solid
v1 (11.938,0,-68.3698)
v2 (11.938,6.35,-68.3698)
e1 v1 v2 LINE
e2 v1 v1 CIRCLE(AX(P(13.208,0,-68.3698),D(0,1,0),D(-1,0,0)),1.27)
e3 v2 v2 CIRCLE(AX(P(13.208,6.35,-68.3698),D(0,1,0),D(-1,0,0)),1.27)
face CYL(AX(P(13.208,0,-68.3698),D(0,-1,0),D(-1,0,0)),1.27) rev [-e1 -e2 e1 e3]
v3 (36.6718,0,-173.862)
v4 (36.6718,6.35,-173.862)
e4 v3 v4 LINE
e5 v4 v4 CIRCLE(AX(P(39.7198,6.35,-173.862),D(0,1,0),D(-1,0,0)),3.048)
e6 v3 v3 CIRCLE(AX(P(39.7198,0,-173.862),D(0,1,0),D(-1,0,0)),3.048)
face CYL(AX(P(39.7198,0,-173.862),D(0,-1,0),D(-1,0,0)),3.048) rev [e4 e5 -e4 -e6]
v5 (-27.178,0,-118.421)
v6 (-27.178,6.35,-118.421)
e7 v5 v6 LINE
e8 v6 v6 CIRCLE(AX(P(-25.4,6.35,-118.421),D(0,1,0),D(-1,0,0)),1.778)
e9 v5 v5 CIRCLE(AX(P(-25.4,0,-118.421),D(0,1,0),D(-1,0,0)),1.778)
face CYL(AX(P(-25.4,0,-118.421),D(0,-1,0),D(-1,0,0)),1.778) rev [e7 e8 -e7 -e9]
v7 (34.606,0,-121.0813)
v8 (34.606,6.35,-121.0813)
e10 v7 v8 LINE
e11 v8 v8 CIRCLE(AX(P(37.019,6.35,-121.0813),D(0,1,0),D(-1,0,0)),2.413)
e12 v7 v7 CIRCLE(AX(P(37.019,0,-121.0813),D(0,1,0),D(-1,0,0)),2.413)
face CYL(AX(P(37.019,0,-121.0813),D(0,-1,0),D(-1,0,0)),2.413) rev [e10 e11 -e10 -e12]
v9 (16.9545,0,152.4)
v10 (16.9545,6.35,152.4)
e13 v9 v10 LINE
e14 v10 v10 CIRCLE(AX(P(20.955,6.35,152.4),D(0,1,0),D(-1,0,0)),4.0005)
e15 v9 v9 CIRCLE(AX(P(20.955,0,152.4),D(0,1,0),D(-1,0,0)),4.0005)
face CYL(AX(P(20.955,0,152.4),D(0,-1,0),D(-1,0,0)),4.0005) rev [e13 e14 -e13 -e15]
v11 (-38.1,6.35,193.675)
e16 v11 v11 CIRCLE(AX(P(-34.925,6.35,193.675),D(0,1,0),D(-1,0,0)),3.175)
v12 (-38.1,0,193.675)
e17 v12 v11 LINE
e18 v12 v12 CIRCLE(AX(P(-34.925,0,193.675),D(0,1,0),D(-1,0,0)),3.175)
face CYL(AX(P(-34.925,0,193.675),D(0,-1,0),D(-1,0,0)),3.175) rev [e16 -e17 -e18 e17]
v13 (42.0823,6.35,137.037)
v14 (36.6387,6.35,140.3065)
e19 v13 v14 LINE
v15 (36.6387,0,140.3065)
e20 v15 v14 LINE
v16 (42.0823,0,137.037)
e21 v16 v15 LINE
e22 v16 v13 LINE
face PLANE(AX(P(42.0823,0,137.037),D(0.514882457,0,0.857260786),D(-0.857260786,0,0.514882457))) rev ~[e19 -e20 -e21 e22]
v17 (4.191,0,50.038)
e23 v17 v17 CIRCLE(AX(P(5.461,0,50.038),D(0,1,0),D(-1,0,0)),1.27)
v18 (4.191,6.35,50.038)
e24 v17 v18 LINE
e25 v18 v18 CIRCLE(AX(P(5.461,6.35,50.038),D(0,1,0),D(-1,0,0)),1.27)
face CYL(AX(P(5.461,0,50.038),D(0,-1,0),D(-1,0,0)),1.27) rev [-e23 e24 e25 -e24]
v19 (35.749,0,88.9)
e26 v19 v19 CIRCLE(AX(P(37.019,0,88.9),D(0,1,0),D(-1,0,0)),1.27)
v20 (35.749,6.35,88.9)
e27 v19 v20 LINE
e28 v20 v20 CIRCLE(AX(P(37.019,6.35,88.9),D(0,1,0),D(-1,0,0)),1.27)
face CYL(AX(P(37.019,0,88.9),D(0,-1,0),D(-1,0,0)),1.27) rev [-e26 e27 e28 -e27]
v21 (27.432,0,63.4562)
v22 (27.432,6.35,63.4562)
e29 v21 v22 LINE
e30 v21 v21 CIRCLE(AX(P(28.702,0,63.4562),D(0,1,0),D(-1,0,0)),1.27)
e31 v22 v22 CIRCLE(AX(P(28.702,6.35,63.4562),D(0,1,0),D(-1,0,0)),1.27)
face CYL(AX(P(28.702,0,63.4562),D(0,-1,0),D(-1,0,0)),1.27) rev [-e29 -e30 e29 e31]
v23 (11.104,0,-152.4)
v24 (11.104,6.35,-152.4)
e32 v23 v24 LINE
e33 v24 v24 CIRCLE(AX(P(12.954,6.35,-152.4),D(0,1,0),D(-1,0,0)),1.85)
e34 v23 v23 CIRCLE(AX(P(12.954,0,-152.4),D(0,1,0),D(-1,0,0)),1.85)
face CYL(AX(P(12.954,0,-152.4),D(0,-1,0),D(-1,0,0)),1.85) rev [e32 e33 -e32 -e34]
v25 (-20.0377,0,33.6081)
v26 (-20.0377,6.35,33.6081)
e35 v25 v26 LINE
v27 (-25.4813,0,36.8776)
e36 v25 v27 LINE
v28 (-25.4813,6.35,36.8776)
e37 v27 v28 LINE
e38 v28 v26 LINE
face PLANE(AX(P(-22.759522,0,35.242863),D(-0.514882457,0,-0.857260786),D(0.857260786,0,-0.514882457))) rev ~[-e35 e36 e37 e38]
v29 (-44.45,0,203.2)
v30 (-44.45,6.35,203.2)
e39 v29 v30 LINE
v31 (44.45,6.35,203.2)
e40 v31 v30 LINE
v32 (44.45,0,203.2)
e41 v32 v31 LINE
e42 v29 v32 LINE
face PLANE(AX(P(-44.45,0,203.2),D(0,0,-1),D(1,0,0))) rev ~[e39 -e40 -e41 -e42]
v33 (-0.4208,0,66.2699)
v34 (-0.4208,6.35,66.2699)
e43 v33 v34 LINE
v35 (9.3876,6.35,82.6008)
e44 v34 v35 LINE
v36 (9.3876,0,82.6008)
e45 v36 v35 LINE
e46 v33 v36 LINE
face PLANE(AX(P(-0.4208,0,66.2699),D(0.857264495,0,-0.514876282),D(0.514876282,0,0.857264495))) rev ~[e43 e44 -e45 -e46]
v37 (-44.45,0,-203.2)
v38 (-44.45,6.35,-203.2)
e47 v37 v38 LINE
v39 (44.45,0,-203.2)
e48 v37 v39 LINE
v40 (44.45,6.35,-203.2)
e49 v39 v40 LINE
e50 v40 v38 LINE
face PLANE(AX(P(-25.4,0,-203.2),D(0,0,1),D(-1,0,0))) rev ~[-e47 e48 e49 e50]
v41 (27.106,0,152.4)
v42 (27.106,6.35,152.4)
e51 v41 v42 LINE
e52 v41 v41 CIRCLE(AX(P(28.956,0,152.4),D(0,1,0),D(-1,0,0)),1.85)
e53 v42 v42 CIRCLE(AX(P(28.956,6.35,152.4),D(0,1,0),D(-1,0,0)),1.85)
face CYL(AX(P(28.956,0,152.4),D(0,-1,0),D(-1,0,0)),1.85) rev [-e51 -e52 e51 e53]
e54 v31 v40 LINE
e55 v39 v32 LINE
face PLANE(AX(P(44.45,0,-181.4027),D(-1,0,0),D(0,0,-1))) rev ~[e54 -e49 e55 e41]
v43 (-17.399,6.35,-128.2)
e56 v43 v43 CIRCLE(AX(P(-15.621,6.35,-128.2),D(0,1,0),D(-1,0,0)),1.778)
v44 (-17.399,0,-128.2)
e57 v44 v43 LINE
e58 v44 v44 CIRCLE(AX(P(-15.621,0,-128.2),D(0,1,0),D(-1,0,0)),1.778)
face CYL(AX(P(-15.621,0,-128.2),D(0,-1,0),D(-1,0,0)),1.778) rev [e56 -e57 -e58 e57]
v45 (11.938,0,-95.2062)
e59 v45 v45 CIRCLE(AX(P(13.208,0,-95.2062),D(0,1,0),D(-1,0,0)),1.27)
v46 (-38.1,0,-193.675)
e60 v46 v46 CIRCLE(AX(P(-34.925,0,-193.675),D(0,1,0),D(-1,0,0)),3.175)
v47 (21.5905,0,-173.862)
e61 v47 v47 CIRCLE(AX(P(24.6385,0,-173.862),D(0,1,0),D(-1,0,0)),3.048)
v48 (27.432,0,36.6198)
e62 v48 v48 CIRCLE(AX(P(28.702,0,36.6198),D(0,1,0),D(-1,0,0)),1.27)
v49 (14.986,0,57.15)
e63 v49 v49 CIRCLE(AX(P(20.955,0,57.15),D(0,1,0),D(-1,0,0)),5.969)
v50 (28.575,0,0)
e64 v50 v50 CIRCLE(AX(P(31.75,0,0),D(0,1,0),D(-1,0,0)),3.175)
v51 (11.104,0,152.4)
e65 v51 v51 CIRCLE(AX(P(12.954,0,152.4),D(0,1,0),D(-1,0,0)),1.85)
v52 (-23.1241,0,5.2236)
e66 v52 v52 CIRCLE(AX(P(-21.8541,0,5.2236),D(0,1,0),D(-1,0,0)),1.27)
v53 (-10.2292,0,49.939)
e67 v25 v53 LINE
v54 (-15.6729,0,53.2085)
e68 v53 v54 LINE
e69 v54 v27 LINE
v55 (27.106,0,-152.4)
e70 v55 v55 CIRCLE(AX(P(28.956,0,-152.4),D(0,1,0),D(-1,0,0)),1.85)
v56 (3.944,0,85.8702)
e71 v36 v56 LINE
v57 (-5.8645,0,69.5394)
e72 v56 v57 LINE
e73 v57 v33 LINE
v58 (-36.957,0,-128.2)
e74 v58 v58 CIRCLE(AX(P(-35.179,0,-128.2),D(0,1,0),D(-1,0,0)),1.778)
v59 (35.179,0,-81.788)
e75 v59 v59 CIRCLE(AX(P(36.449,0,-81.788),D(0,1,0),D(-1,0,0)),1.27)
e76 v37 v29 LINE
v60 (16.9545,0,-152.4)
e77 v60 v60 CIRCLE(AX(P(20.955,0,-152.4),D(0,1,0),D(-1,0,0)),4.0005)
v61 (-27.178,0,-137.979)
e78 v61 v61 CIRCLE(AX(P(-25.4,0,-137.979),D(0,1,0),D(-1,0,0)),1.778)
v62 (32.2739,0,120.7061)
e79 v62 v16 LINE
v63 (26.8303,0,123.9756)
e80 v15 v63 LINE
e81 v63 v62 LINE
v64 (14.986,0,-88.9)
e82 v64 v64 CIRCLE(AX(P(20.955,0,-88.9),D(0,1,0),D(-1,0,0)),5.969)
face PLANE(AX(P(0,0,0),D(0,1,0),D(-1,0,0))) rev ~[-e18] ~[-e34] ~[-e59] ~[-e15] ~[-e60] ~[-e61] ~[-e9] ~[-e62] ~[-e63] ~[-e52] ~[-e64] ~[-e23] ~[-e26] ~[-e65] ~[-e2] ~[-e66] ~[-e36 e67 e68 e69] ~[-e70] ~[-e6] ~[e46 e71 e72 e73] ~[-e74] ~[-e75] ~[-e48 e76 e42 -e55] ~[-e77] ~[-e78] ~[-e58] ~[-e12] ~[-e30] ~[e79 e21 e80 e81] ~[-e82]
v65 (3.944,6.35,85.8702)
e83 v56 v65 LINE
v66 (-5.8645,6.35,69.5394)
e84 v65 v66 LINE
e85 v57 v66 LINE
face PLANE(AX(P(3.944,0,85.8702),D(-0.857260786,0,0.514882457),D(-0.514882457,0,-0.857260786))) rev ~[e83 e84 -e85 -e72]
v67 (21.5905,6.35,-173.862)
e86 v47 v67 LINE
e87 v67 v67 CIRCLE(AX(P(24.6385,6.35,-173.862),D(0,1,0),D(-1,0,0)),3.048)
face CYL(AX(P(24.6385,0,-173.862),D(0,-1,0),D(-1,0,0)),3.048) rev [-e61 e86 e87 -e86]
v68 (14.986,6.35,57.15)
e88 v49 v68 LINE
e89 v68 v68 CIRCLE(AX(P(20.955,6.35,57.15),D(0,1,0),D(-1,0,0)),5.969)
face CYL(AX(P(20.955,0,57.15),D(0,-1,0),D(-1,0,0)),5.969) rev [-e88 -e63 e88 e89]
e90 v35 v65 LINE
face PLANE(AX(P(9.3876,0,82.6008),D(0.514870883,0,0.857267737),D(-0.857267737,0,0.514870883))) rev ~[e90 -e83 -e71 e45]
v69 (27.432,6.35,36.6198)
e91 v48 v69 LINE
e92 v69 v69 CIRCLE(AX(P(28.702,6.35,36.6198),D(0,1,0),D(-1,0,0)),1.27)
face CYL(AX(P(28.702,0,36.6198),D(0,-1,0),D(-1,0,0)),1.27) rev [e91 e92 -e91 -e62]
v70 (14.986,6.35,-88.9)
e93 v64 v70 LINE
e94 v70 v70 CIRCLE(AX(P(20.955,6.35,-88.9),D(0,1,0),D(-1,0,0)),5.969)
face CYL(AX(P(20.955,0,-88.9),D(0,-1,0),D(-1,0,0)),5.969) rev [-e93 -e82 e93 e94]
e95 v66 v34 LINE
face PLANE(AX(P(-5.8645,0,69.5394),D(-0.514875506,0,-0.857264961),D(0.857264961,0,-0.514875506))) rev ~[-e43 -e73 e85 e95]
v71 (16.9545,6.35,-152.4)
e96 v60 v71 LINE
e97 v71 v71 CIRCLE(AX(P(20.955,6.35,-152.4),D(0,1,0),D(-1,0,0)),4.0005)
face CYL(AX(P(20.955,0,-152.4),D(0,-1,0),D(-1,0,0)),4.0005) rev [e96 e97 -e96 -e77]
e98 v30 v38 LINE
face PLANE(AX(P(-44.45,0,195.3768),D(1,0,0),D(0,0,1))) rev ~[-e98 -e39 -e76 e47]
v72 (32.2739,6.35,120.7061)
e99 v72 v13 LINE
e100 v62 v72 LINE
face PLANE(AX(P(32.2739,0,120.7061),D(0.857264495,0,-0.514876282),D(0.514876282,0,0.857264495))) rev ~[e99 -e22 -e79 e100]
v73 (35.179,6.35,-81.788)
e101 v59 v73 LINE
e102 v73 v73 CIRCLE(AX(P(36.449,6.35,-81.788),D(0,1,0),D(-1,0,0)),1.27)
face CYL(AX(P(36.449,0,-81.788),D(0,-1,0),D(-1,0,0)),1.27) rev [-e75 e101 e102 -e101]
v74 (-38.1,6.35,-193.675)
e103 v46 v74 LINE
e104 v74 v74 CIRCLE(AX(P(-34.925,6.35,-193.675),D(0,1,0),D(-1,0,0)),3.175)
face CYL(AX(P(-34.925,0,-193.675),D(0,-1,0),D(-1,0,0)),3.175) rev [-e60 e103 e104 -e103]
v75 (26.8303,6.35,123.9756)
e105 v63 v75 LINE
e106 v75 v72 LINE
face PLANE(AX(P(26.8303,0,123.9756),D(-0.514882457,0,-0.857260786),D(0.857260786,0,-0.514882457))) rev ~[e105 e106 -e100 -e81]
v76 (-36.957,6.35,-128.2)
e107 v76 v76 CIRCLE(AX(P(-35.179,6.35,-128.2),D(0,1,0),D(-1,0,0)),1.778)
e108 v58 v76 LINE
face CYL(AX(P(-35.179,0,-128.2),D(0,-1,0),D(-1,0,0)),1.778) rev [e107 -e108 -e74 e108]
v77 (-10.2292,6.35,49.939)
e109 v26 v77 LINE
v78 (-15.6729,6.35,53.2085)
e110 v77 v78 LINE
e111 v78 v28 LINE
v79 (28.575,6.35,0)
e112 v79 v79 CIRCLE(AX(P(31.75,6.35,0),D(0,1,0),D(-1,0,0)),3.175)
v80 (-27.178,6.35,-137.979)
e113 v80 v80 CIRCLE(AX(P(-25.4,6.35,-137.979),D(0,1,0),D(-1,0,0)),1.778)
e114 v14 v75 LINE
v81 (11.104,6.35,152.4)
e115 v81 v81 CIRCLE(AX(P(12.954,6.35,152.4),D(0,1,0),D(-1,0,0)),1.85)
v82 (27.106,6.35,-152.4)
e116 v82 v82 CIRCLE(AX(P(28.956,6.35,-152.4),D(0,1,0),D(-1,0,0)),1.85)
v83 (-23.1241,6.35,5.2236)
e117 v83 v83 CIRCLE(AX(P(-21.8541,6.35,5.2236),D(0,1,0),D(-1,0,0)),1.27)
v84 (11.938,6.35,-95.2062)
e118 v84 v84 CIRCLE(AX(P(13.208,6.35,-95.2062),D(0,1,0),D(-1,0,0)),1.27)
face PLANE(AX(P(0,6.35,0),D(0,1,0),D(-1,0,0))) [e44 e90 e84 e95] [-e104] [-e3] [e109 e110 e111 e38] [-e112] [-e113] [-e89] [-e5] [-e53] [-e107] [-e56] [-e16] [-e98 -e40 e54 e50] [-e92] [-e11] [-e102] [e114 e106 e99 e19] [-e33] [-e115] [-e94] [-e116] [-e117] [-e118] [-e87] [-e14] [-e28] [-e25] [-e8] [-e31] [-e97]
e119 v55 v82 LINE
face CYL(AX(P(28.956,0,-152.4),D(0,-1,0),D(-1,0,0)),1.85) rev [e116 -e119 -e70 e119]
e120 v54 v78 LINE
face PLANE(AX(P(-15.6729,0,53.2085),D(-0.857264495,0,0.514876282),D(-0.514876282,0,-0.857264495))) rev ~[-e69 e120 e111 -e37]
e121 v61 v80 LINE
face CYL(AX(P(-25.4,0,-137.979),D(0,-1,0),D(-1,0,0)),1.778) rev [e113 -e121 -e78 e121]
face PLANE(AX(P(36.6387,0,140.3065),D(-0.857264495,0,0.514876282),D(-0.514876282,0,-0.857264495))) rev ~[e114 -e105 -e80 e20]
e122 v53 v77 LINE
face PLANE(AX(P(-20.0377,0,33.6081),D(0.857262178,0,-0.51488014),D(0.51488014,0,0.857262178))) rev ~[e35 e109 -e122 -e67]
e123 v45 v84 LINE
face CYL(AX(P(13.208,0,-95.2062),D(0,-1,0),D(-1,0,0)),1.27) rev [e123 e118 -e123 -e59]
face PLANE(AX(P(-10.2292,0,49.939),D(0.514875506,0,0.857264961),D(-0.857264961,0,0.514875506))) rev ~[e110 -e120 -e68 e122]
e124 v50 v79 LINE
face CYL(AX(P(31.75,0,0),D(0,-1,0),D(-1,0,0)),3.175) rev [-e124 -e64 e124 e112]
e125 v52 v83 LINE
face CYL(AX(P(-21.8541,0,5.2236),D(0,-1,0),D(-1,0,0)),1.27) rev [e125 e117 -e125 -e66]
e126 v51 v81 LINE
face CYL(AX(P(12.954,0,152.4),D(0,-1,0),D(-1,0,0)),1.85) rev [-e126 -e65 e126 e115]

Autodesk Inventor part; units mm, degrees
ref_plane "YZ Plane" through (0, 0, 0) normal (1, 0, 0) x (0, 1, 0)
ref_plane "XZ Plane" through (0, 0, 0) normal (0, 1, 0) x (-1, 0, 0)
ref_plane "XY Plane" through (0, 0, 0) normal (0, 0, 1) x (1, 0, 0)
sketch "Sketch1" plane through (0, 0, 0) normal (0, 1, 0) x (-1, 0, 0)
  line L0 (44.45, 203.2) -> (-44.45, 203.2)
  line L1 (-44.45, 203.2) -> (-44.45, -203.2)
  line L2 (-44.45, -203.2) -> (44.45, -203.2)
  line L3 (44.45, -203.2) -> (44.45, 203.2)
  line L4 (44.45, 203.2) -> (-44.45, -203.2) construction
  line L5 (-44.45, 203.2) -> (-20.955, 203.2)
  line L6 (-20.955, 203.2) -> (-20.955, 88.9) construction
  line L7 (-44.45, 88.9) -> (-44.45, 203.2)
  line L8 (44.45, 203.2) -> (44.45, 111.6492)
  line L9 (44.45, 203.2) -> (44.45, 38.1)
  line L10 (44.45, 38.1) -> (22.225, 38.1) construction
  line L11 (0, 203.2) -> (-66.675, 203.2)
  line L12 (-66.675, 203.2) -> (-66.675, 88.9) construction
  line L13 (-66.675, 203.2) -> (-66.675, 209.55) construction
  line L14 (-20.955, 114.3) -> (-20.955, 152.4) construction
  circle A0 centre (-20.955, 152.4) radius 8.001 construction
  circle A1 centre (-20.955, 152.4) radius 4.0005
  circle A2 centre (-20.955, 160.401) radius 1.85
  line L15 (17.145, 152.4) -> (-20.955, 152.4) construction
  circle A3 centre (-28.956, 152.4) radius 1.85
  line L16 (-20.955, 190.5) -> (-20.955, 152.4) construction
  circle A4 centre (-20.955, 144.399) radius 1.85
  line L17 (-59.055, 152.4) -> (-20.955, 152.4) construction
  circle A5 centre (-12.954, 152.4) radius 1.85
  line L18 (44.45, 0) -> (-44.45, 0) construction
  line L19 (32.5679, 18.912) -> (22.7595, 35.2429)
  line L20 (22.7595, 35.2429) -> (17.8553, 43.4083) construction
  line L21 (15.6729, 53.2085) -> (25.4813, 36.8776)
  line L22 (25.4813, 36.8776) -> (20.0377, 33.6081)
  line L23 (20.0377, 33.6081) -> (10.2292, 49.939)
  line L24 (10.2292, 49.939) -> (15.6729, 53.2085)
  line L25 (15.6729, 53.2085) -> (20.0377, 33.6081) construction
  line L26 (25.4813, 36.8776) -> (10.2292, 49.939) construction
  circle A6 centre (-20.955, -152.4) radius 4.0005
  circle A7 centre (-28.956, -152.4) radius 1.85
  circle A8 centre (-12.954, -152.4) radius 1.85
  line L27 (-44.45, 88.9) -> (-44.45, 12.7)
  line L28 (44.45, 203.2) -> (34.925, 203.2)
  line L29 (34.925, 203.2) -> (34.925, 193.675) construction
  line L30 (34.925, 193.675) -> (44.45, 193.675) construction
  line L31 (44.45, 193.675) -> (44.45, 203.2)
  circle A9 centre (34.925, 193.675) radius 3.175
  circle A10 centre (-31.75, 0) radius 3.175
  circle A11 centre (34.925, -193.675) radius 3.175
  line L32 (-44.45, 0) -> (-19.455, 0) construction
  line L33 (-16.28, -76.0639) -> (-22.63, -76.0639) construction
  line L34 (44.45, -203.2) -> (25.4, -203.2)
  line L35 (25.4, -203.2) -> (25.4, -128.2) construction
  line L36 (25.4, -128.2) -> (44.45, -128.2) construction
  line L37 (44.45, -128.2) -> (44.45, -203.2)
  circle A12 centre (25.4, -128.2) radius 6.35 construction
  circle A13 centre (25.4, -128.2) radius 9.779 construction
  circle A14 centre (15.621, -128.2) radius 1.778
  circle A15 centre (25.4, -128.2) radius 6.35 construction
  circle A16 centre (25.4, -128.2) radius 9.779 construction
  line L38 (100.4, -128.2) -> (25.4, -128.2) construction
  line L39 (25.4, -128.2) -> (25.4, -109.15) construction
  circle A17 centre (25.4, -137.979) radius 1.778
  circle A18 centre (25.4, -128.2) radius 6.35 construction
  circle A19 centre (25.4, -128.2) radius 9.779 construction
  line L40 (25.4, -53.2) -> (25.4, -128.2) construction
  line L41 (25.4, -128.2) -> (6.35, -128.2) construction
  circle A20 centre (35.179, -128.2) radius 1.778
  circle A21 centre (25.4, -128.2) radius 6.35 construction
  circle A22 centre (25.4, -128.2) radius 9.779 construction
  line L42 (-49.6, -128.2) -> (25.4, -128.2) construction
  line L43 (25.4, -128.2) -> (25.4, -147.25) construction
  circle A23 centre (25.4, -118.421) radius 1.778
  line L44 (21.8541, 5.2236) -> (22.225, 38.1) construction
  line L45 (-66.675, 209.55) -> (-66.675, 184.15)
  circle A24 centre (21.8541, 5.2236) radius 1.27
  circle A25 centre (21.8541, 5.2236) radius 12.7 construction
  line L46 (-9.3876, 82.6008) -> (-3.944, 85.8702)
  line L47 (-3.944, 85.8702) -> (5.8645, 69.5394)
  line L48 (0.4208, 66.2699) -> (-9.3876, 82.6008)
  line L49 (5.8645, 69.5394) -> (0.4208, 66.2699)
  line L50 (-29.0044, 115.2625) -> (-23.5608, 118.532)
  line L51 (-23.5608, 118.532) -> (-13.7524, 102.2011)
  line L52 (-19.196, 98.9316) -> (-29.0044, 115.2625)
  line L53 (-13.7524, 102.2011) -> (-19.196, 98.9316)
  line L54 (-20.955, 152.4) -> (-20.955, 104.775) construction
  circle A26 centre (-20.955, 152.4) radius 31.75 construction
  line L55 (-20.955, 104.775) -> (-20.955, 57.15) construction
  circle A27 centre (-20.955, -152.4) radius 30.48 construction
  line L56 (5.8645, 69.5394) -> (-36.6387, 140.3065) construction
  line L57 (-36.6387, 140.3065) -> (-26.8303, 123.9756)
  line L58 (-26.8303, 123.9756) -> (-32.2739, 120.7061)
  line L59 (-32.2739, 120.7061) -> (-42.0823, 137.037)
  line L60 (-42.0823, 137.037) -> (-36.6387, 140.3065)
  line L61 (-44.45, -128.1042) -> (-44.45, 88.9)
  circle A28 centre (-37.019, 88.9) radius 1.27
  line L62 (44.45, 203.2) -> (39.7485, 203.2)
  line L63 (39.7485, 203.2) -> (39.7485, 140.2644) construction
  line L64 (39.7485, 140.2644) -> (44.45, 140.2644) construction
  line L65 (44.45, 140.2644) -> (44.45, 203.2)
  line L66 (44.45, 203.2) -> (6.6345, 203.2)
  line L67 (6.6345, 203.2) -> (6.6345, 195.3768) construction
  line L68 (6.6345, 195.3768) -> (44.45, 195.3768) construction
  line L69 (44.45, 195.3768) -> (44.45, 203.2)
  line L70 (-44.45, -203.2) -> (-31.75, -203.2)
  line L71 (-44.45, -181.4027) -> (-44.45, -203.2)
  circle A29 centre (-20.955, 152.4) radius 50.8 construction
  line L72 (-49.719, 101.6) -> (-49.719, 76.2) construction
  circle A30 centre (-37.019, -121.0813) radius 2.413
  line L73 (-24.319, -108.3813) -> (-49.719, -108.3813) construction
  line L74 (-49.719, -108.3813) -> (-49.719, -133.7813) construction
  line L75 (-49.719, -133.7813) -> (-24.319, -133.7813) construction
  line L76 (-24.319, -133.7813) -> (-24.319, -108.3813) construction
  line L77 (-24.319, -108.3813) -> (-49.719, -133.7813) construction
  line L78 (-49.719, -108.3813) -> (-24.319, -133.7813) construction
  line L79 (-20.955, 152.4) -> (-20.955, 57.15) construction
  circle A31 centre (-20.955, 57.15) radius 5.969
  line L80 (-20.955, 57.15) -> (-20.955, 50.038) construction
  circle A32 centre (-20.955, 50.038) radius 15.494 construction
  circle A33 centre (-20.955, 50.038) radius 18.542 construction
  line L81 (-20.955, 50.038) -> (-36.449, 50.038) construction
  circle A34 centre (-36.449, 50.038) radius 1.27
  line L82 (-20.955, 50.038) -> (-28.702, 36.6198) construction
  circle A35 centre (-28.702, 36.6198) radius 1.27
  line L83 (-20.955, 50.038) -> (-13.208, 36.6198) construction
  circle A36 centre (-13.208, 36.6198) radius 1.27
  line L84 (-20.955, 50.038) -> (-5.461, 50.038) construction
  circle A37 centre (-5.461, 50.038) radius 1.27
  line L85 (-20.955, 50.038) -> (-13.208, 63.4562) construction
  circle A38 centre (-13.208, 63.4562) radius 1.27
  line L86 (-20.955, 50.038) -> (-28.702, 63.4562) construction
  circle A39 centre (-28.702, 63.4562) radius 1.27
  line L87 (-20.955, -152.4) -> (-20.955, -88.9) construction
  circle A40 centre (-20.955, -88.9) radius 5.969
  line L88 (-20.955, -88.9) -> (-20.955, -81.788) construction
  circle A41 centre (-20.955, -81.788) radius 15.494 construction
  line L89 (-20.955, -81.788) -> (-36.449, -81.788) construction
  circle A42 centre (-36.449, -81.788) radius 1.27
  circle A43 centre (-28.702, -95.2062) radius 1.27
  circle A44 centre (-13.208, -95.2062) radius 1.27
  circle A45 centre (-5.461, -81.788) radius 1.27
  circle A46 centre (-13.208, -68.3698) radius 1.27
  circle A47 centre (-28.702, -68.3698) radius 1.27
  circle A48 centre (-20.955, -81.788) radius 18.542 construction
  line L90 (-31.75, -173.862) -> (-39.7198, -173.862) construction
  circle A49 centre (-39.7198, -173.862) radius 3.048
  line L91 (-39.7198, -173.862) -> (-24.6385, -173.862) construction
  circle A50 centre (-24.6385, -173.862) radius 3.048
  point P0 (0, 0)
  dimension "d19" = 16.002
  dimension "d74" = 19.558
  dimension "d182" = 30.988
  dimension "d192" = 30.988
  dimension "d0" = 88.9
  dimension "d1" = 406.4
  dimension "d5" = 165.1
  dimension "d10" = 6.35
  dimension "d18" = 38.1
  dimension "d20" = 8.001
  dimension "d21" = 3.7
  dimension "d24" = 360
  dimension "d33" = 9.525
  dimension "d34" = 6.35
  dimension "d50" = 9.525
  dimension "d51" = 9.525
  dimension "d52" = 6.35
  dimension "d54" = 6.35
  dimension "d71" = 75
  dimension "d72" = 19.05
  dimension "d73" = 12.7
  dimension "d75" = 3.556
  dimension "d78" = 360
  dimension "d84" = 25.4
  dimension "d85" = 2.54
  dimension "d86" = 25.4
  dimension "d87" = 19.05
  dimension "d90" = 38.1
  dimension "d110" = 47.625
  dimension "d118" = 63.5
  dimension "d137" = 60.96
  dimension "d140" = 82.55
  dimension "d141" = 19.05
  dimension "d142" = 6.35
  dimension "d149" = 2.54
  dimension "d150" = 4.7015
  dimension "d151" = 62.9356
  dimension "d153" = 37.8155
  dimension "d154" = 7.8232
  dimension "d166" = 101.6
  dimension "d169" = 25.4
  dimension "d171" = 4.826
  dimension "d172" = 25.4
  dimension "d173" = 25.4
  dimension "d180" = 11.938
  dimension "d181" = 7.112
  dimension "d183" = 37.084
  dimension "d184" = 2.54
  dimension "d187" = 360
  dimension "d189" = 63.5
  dimension "d190" = 11.938
  dimension "d191" = 7.112
  dimension "d193" = 2.54
  dimension "d196" = 360
  dimension "d198" = 37.084
  dimension "d206" = 6.096
  dimension "d207" = 15.0813
  dimension "d208" = 6.096
extrude "Extrusion16" add sketch "Sketch1" along normal blind 6.35 contours L3 L2 L1 L0 | A2 | A4 | L50 L51 L53 L52 | A34 | A36 | A38 | A43 | A45 | A47
properties part number "ChassisOutide10"
